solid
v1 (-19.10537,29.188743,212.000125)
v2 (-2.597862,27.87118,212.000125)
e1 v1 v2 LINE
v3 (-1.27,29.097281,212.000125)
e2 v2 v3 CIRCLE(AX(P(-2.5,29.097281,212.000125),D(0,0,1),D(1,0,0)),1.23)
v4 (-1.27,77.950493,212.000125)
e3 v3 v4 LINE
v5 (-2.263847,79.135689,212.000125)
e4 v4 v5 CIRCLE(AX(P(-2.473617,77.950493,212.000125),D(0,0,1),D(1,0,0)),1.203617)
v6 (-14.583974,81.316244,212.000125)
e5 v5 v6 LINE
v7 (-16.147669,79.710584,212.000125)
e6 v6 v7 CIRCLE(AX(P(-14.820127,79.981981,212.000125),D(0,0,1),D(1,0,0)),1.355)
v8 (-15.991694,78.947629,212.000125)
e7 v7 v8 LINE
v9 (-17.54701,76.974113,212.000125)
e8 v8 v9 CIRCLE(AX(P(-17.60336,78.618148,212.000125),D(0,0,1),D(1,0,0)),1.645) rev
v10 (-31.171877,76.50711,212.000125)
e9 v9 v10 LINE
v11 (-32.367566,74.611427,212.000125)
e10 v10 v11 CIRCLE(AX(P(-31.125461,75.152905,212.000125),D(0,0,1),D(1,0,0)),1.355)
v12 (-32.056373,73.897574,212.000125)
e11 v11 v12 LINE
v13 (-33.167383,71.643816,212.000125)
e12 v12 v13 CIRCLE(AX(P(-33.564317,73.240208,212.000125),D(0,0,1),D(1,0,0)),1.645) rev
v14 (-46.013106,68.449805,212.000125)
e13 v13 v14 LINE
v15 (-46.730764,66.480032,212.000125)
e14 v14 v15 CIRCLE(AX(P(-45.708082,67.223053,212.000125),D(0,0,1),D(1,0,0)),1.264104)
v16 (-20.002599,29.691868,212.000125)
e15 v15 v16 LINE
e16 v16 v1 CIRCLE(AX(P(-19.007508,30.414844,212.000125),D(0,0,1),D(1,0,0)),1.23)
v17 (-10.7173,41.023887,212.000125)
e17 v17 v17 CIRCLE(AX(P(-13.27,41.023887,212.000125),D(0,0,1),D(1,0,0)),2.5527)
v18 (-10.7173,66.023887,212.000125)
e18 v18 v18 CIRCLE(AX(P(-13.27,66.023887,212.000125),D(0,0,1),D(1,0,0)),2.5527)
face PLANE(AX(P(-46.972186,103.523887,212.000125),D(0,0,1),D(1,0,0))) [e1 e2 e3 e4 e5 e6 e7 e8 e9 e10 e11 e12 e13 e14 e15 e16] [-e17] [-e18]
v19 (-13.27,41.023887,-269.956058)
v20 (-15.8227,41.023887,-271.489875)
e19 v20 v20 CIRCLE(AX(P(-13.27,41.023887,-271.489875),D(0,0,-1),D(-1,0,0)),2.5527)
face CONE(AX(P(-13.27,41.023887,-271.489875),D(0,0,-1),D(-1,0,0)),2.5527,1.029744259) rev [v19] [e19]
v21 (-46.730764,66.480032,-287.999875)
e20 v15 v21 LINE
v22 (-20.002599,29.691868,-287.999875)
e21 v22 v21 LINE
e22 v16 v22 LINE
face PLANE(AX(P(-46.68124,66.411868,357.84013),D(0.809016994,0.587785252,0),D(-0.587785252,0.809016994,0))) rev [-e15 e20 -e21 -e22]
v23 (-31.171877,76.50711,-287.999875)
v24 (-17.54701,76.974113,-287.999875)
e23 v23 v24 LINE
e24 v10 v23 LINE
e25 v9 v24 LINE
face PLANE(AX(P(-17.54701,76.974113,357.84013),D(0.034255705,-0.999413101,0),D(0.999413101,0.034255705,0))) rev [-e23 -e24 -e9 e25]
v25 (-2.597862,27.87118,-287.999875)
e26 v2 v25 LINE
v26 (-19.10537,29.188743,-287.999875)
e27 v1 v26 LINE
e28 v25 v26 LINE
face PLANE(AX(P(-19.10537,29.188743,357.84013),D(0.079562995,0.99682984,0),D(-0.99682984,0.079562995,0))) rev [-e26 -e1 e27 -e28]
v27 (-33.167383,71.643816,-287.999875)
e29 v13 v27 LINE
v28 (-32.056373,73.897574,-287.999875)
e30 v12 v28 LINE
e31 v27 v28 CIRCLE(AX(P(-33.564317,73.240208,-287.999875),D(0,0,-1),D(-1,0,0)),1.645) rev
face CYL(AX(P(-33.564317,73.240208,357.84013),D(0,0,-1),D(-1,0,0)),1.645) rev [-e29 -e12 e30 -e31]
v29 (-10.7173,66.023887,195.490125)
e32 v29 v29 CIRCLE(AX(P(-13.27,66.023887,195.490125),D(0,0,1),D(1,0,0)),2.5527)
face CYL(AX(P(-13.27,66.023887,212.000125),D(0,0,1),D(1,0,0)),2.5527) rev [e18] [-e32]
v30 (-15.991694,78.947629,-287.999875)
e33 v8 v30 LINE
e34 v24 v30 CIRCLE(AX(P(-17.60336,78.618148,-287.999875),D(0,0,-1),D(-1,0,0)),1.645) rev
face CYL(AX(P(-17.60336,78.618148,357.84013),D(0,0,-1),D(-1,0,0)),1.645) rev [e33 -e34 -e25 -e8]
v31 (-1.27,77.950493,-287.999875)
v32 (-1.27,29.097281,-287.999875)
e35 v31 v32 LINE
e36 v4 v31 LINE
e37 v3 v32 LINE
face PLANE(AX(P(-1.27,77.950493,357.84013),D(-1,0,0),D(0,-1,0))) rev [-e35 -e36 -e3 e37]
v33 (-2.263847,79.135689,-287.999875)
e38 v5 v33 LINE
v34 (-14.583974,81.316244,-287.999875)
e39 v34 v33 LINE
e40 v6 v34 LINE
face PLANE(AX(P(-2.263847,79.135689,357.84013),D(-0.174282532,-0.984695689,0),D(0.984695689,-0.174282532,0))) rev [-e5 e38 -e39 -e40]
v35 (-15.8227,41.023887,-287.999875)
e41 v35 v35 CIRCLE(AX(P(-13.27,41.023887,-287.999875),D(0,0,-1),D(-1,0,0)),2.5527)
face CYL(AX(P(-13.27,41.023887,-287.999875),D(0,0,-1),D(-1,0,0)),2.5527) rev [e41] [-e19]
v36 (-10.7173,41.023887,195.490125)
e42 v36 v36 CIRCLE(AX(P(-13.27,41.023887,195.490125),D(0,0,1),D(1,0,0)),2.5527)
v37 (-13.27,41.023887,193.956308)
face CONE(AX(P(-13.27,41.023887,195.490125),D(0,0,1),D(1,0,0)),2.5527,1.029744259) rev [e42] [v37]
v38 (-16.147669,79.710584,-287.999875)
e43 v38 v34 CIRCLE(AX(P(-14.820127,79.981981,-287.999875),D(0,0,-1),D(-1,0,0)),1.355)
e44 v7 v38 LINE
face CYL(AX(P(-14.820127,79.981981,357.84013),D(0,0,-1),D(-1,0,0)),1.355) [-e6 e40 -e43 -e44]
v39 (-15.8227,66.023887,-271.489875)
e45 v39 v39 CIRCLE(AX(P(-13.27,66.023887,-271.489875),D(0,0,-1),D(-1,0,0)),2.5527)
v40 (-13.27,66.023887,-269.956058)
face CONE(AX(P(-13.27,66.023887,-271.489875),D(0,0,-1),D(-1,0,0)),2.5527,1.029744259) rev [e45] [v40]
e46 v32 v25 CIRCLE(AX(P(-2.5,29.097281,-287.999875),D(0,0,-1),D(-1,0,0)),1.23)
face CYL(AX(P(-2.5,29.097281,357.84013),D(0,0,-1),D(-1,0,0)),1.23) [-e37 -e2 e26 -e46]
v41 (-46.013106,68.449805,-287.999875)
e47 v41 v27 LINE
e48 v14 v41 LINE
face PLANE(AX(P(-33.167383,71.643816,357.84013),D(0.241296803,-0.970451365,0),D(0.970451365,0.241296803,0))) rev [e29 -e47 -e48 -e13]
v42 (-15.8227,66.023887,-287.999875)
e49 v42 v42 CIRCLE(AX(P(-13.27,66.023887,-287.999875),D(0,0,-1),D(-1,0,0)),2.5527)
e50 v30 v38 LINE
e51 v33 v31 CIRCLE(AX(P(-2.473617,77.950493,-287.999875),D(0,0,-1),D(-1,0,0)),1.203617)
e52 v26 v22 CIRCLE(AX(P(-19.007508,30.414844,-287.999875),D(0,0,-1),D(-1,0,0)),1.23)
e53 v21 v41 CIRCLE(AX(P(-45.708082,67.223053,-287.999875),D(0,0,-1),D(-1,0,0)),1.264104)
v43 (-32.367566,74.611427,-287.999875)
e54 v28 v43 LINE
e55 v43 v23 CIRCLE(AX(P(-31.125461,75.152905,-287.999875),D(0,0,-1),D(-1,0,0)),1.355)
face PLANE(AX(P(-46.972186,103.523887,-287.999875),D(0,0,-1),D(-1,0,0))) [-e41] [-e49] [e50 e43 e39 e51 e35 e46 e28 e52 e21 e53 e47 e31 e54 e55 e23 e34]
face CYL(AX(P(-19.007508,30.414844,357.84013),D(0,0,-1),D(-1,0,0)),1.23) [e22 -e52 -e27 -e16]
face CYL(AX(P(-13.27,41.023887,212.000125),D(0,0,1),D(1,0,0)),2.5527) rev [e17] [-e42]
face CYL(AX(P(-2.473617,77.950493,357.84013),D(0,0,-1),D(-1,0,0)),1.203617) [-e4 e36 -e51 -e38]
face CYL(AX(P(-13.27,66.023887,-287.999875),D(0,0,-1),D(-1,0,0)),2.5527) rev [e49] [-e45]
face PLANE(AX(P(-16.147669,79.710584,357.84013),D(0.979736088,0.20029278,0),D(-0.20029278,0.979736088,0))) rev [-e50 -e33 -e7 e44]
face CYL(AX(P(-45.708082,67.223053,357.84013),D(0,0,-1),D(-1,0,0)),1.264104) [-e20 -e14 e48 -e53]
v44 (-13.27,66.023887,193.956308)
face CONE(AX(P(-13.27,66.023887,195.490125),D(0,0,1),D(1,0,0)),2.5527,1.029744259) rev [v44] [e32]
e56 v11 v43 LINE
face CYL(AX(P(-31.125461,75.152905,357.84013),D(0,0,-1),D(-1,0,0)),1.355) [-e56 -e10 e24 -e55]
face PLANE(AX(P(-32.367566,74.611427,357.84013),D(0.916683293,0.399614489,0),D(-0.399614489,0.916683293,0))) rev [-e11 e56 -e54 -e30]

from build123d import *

# Parameters (mm, degrees)
EXTRUDE_THIN1_DEPTH                   = 137.50025
EXTRUDE_THIN1_DEPTH_BACK              = 213.5
BOSS_EXTRUDE1_DEPTH                   = 212.50025
BOSS_EXTRUDE1_DEPTH_BACK              = 288.5
SKETCH3_OUTSIDE_W                     = 604.182
SKETCH3_OUTSIDE_H                     = 156.652
SKETCH3_OUTSIDE_W_2                   = 500
SKETCH3_OUTSIDE_H_2                   = 100
CUT_EXTRUDE1_DEPTH                    = 47.972186303
F_1_4_20_TAPPED_HOLE1_D               = 5.1054
F_1_4_20_TAPPED_HOLE1_DEPTH           = 16.51
F_1_4_20_TAPPED_HOLE1_TIP             = 1.533816902
F_1_4_20_TAPPED_HOLE1_ON_FACE_2_D     = 5.1054
F_1_4_20_TAPPED_HOLE1_ON_FACE_2_DEPTH = 16.51
F_1_4_20_TAPPED_HOLE1_ON_FACE_2_TIP   = 1.533816902


with BuildPart() as part:
    # Sketch1 → Extrude-Thin1 (new body, two sides)
    with BuildSketch(Plane.XY) as extrude_thin1_sk:
        with BuildLine():
            Line((-1, 29.097280522), (-1, 77.801426037))
            ThreePointArc((-1, 77.801426037), (-1.350622843, 78.7652373), (-2.238576202, 79.27846957))
            Line((-2.238576202, 79.27846957), (-14.558703222, 81.459024393))
            ThreePointArc((-14.558703222, 81.459024393), (-15.894736772, 81.028505528), (-16.289731153, 79.68154169))
            Line((-16.289731153, 79.68154169), (-16.133756175, 78.918587006))
            ThreePointArc((-16.133756175, 78.918587006), (-16.425245764, 77.689683446), (-17.55197675, 77.119028185))
            Line((-17.55197675, 77.119028185), (-31.176844121, 76.652024665))
            ThreePointArc((-31.176844121, 76.652024665), (-32.394172227, 75.953136676), (-32.500485503, 74.55348328))
            Line((-32.500485503, 74.55348328), (-32.189291755, 73.839630008))
            ThreePointArc((-32.189291755, 73.839630008), (-32.21890818, 72.576976846), (-33.20237149, 71.784531227))
            Line((-33.20237149, 71.784531227), (-46.048094305, 68.590520727))
            ThreePointArc((-46.048094305, 68.590520727), (-47.095522717, 67.648327863), (-46.899674591, 66.2531658))
            Line((-46.899674591, 66.2531658), (-20.221033316, 29.533166286))
            ThreePointArc((-20.221033316, 29.533166286), (-19.7411642, 29.106506164), (-19.126852316, 28.919599404))
            Line((-19.126852316, 28.919599404), (-2.619344492, 27.602035762))
            ThreePointArc((-2.619344492, 27.602035762), (-1.482408908, 27.995233168), (-1, 29.097280522))
        make_face()
        with BuildLine():
            Line((-1.27, 29.097280522), (-1.27, 77.801426037))
            ThreePointArc((-1.27, 77.801426037), (-1.557510731, 78.591751273), (-2.285632486, 79.012601734))
            Line((-2.285632486, 79.012601734), (-14.605759506, 81.193156557))
            ThreePointArc((-14.605759506, 81.193156557), (-15.701307017, 80.840131088), (-16.025202409, 79.735620741))
            Line((-16.025202409, 79.735620741), (-15.869227431, 78.972666057))
            ThreePointArc((-15.869227431, 78.972666057), (-16.213185147, 77.522559856), (-17.542727709, 76.849186648))
            Line((-17.542727709, 76.849186648), (-31.16759508, 76.382183127))
            ThreePointArc((-31.16759508, 76.382183127), (-32.165804128, 75.809094976), (-32.252981014, 74.661379192))
            Line((-32.252981014, 74.661379192), (-31.941787266, 73.94752592))
            ThreePointArc((-31.941787266, 73.94752592), (-31.976734648, 72.457595189), (-33.137221353, 71.522509358))
            Line((-33.137221353, 71.522509358), (-45.982944168, 68.328498858))
            ThreePointArc((-45.982944168, 68.328498858), (-46.841835466, 67.55590071), (-46.681240003, 66.411867819))
            Line((-46.681240003, 66.411867819), (-20.002598727, 29.691868304))
            ThreePointArc((-20.002598727, 29.691868304), (-19.609106053, 29.342007004), (-19.105370308, 29.188743461))
            Line((-19.105370308, 29.188743461), (-2.597862483, 27.871179818))
            ThreePointArc((-2.597862483, 27.871179818), (-1.665575304, 28.193601692), (-1.27, 29.097280522))
        make_face(mode=Mode.SUBTRACT)
    extrude(amount=EXTRUDE_THIN1_DEPTH)
    extrude(extrude_thin1_sk.sketch, amount=-EXTRUDE_THIN1_DEPTH_BACK)


with BuildPart() as body_2:
    # Sketch2 → Boss-Extrude1 (new body, two sides)
    with BuildSketch(Plane.XY) as boss_extrude1_sk:
        with BuildLine():
            Line((-46.68124, 66.411867814), (-20.002598727, 29.691868304))
            ThreePointArc((-20.002598727, 29.691868304), (-19.609106053, 29.342007004), (-19.105370308, 29.188743461))
            Line((-19.105370308, 29.188743461), (-2.597862483, 27.871179818))
            ThreePointArc((-2.597862483, 27.871179818), (-1.665575304, 28.193601692), (-1.27, 29.097280522))
            Line((-1.27, 29.097280522), (-1.27, 77.801426032))
            Line((-1.27, 77.801426032), (-1.27, 77.950492716))
            ThreePointArc((-1.27, 77.950492716), (-1.551343626, 78.723865476), (-2.263847169, 79.135688695))
            Line((-2.263847169, 79.135688695), (-14.583974189, 81.316243518))
            ThreePointArc((-14.583974189, 81.316243518), (-15.79085783, 80.927341477), (-16.14766942, 79.710584143))
            Line((-16.14766942, 79.710584143), (-15.991694442, 78.947629459))
            ThreePointArc((-15.991694442, 78.947629459), (-16.311361359, 77.599931889), (-17.547009673, 76.974113285))
            Line((-17.547009673, 76.974113285), (-31.171877043, 76.507109765))
            ThreePointArc((-31.171877043, 76.507109765), (-32.271530099, 75.875780948), (-32.367566426, 74.611427381))
            Line((-32.367566426, 74.611427381), (-32.056372677, 73.897574109))
            ThreePointArc((-32.056372677, 73.897574109), (-32.088852024, 72.512864474), (-33.167383454, 71.643815779))
            Line((-33.167383454, 71.643815779), (-46.013106268, 68.449805279))
            ThreePointArc((-46.013106268, 68.449805279), (-46.895812164, 67.655785195), (-46.730763849, 66.480031545))
            Line((-46.730763849, 66.480031545), (-46.68124, 66.411867814))
        make_face()
    extrude(amount=BOSS_EXTRUDE1_DEPTH)
    extrude(boss_extrude1_sk.sketch, amount=-BOSS_EXTRUDE1_DEPTH_BACK)

    # Sketch3 outside → Cut-Extrude1 (cut, through all)
    with BuildSketch(Plane(origin=(0, 0, 0), x_dir=(0, 0, -1), z_dir=(1, 0, 0))):
        with Locations((38, 54.602)):
            Rectangle(SKETCH3_OUTSIDE_W, SKETCH3_OUTSIDE_H)
        with Locations((37.999875, 53.523886616)):
            Rectangle(SKETCH3_OUTSIDE_W_2, SKETCH3_OUTSIDE_H_2, mode=Mode.SUBTRACT)
    extrude(amount=-CUT_EXTRUDE1_DEPTH, mode=Mode.SUBTRACT)

    # 1/4-20 Tapped Hole1
    with Locations(Plane(origin=(-13.27, 66.023886616, 212.000125), x_dir=(1, 0, 0), z_dir=(0, 0, 1))):
        with Locations((0, 0), (0, -25)):
            Hole(F_1_4_20_TAPPED_HOLE1_D / 2, depth=F_1_4_20_TAPPED_HOLE1_DEPTH)
            with Locations((0, 0, -(F_1_4_20_TAPPED_HOLE1_DEPTH + F_1_4_20_TAPPED_HOLE1_TIP / 2))):  # 118° drill point
                Cone(0, F_1_4_20_TAPPED_HOLE1_D / 2, F_1_4_20_TAPPED_HOLE1_TIP, mode=Mode.SUBTRACT)

    # 1/4-20 Tapped Hole1 on face 2
    with Locations(Plane(origin=(-13.27, 66.023886616, -287.999875), x_dir=(-1, 0, 0), z_dir=(0, 0, -1))):
        with Locations((0, 0), (0, -25)):
            Hole(F_1_4_20_TAPPED_HOLE1_ON_FACE_2_D / 2, depth=F_1_4_20_TAPPED_HOLE1_ON_FACE_2_DEPTH)
            with Locations((0, 0, -(F_1_4_20_TAPPED_HOLE1_ON_FACE_2_DEPTH + F_1_4_20_TAPPED_HOLE1_ON_FACE_2_TIP / 2))):  # 118° drill point
                Cone(0, F_1_4_20_TAPPED_HOLE1_ON_FACE_2_D / 2, F_1_4_20_TAPPED_HOLE1_ON_FACE_2_TIP, mode=Mode.SUBTRACT)


solid = body_2.part
